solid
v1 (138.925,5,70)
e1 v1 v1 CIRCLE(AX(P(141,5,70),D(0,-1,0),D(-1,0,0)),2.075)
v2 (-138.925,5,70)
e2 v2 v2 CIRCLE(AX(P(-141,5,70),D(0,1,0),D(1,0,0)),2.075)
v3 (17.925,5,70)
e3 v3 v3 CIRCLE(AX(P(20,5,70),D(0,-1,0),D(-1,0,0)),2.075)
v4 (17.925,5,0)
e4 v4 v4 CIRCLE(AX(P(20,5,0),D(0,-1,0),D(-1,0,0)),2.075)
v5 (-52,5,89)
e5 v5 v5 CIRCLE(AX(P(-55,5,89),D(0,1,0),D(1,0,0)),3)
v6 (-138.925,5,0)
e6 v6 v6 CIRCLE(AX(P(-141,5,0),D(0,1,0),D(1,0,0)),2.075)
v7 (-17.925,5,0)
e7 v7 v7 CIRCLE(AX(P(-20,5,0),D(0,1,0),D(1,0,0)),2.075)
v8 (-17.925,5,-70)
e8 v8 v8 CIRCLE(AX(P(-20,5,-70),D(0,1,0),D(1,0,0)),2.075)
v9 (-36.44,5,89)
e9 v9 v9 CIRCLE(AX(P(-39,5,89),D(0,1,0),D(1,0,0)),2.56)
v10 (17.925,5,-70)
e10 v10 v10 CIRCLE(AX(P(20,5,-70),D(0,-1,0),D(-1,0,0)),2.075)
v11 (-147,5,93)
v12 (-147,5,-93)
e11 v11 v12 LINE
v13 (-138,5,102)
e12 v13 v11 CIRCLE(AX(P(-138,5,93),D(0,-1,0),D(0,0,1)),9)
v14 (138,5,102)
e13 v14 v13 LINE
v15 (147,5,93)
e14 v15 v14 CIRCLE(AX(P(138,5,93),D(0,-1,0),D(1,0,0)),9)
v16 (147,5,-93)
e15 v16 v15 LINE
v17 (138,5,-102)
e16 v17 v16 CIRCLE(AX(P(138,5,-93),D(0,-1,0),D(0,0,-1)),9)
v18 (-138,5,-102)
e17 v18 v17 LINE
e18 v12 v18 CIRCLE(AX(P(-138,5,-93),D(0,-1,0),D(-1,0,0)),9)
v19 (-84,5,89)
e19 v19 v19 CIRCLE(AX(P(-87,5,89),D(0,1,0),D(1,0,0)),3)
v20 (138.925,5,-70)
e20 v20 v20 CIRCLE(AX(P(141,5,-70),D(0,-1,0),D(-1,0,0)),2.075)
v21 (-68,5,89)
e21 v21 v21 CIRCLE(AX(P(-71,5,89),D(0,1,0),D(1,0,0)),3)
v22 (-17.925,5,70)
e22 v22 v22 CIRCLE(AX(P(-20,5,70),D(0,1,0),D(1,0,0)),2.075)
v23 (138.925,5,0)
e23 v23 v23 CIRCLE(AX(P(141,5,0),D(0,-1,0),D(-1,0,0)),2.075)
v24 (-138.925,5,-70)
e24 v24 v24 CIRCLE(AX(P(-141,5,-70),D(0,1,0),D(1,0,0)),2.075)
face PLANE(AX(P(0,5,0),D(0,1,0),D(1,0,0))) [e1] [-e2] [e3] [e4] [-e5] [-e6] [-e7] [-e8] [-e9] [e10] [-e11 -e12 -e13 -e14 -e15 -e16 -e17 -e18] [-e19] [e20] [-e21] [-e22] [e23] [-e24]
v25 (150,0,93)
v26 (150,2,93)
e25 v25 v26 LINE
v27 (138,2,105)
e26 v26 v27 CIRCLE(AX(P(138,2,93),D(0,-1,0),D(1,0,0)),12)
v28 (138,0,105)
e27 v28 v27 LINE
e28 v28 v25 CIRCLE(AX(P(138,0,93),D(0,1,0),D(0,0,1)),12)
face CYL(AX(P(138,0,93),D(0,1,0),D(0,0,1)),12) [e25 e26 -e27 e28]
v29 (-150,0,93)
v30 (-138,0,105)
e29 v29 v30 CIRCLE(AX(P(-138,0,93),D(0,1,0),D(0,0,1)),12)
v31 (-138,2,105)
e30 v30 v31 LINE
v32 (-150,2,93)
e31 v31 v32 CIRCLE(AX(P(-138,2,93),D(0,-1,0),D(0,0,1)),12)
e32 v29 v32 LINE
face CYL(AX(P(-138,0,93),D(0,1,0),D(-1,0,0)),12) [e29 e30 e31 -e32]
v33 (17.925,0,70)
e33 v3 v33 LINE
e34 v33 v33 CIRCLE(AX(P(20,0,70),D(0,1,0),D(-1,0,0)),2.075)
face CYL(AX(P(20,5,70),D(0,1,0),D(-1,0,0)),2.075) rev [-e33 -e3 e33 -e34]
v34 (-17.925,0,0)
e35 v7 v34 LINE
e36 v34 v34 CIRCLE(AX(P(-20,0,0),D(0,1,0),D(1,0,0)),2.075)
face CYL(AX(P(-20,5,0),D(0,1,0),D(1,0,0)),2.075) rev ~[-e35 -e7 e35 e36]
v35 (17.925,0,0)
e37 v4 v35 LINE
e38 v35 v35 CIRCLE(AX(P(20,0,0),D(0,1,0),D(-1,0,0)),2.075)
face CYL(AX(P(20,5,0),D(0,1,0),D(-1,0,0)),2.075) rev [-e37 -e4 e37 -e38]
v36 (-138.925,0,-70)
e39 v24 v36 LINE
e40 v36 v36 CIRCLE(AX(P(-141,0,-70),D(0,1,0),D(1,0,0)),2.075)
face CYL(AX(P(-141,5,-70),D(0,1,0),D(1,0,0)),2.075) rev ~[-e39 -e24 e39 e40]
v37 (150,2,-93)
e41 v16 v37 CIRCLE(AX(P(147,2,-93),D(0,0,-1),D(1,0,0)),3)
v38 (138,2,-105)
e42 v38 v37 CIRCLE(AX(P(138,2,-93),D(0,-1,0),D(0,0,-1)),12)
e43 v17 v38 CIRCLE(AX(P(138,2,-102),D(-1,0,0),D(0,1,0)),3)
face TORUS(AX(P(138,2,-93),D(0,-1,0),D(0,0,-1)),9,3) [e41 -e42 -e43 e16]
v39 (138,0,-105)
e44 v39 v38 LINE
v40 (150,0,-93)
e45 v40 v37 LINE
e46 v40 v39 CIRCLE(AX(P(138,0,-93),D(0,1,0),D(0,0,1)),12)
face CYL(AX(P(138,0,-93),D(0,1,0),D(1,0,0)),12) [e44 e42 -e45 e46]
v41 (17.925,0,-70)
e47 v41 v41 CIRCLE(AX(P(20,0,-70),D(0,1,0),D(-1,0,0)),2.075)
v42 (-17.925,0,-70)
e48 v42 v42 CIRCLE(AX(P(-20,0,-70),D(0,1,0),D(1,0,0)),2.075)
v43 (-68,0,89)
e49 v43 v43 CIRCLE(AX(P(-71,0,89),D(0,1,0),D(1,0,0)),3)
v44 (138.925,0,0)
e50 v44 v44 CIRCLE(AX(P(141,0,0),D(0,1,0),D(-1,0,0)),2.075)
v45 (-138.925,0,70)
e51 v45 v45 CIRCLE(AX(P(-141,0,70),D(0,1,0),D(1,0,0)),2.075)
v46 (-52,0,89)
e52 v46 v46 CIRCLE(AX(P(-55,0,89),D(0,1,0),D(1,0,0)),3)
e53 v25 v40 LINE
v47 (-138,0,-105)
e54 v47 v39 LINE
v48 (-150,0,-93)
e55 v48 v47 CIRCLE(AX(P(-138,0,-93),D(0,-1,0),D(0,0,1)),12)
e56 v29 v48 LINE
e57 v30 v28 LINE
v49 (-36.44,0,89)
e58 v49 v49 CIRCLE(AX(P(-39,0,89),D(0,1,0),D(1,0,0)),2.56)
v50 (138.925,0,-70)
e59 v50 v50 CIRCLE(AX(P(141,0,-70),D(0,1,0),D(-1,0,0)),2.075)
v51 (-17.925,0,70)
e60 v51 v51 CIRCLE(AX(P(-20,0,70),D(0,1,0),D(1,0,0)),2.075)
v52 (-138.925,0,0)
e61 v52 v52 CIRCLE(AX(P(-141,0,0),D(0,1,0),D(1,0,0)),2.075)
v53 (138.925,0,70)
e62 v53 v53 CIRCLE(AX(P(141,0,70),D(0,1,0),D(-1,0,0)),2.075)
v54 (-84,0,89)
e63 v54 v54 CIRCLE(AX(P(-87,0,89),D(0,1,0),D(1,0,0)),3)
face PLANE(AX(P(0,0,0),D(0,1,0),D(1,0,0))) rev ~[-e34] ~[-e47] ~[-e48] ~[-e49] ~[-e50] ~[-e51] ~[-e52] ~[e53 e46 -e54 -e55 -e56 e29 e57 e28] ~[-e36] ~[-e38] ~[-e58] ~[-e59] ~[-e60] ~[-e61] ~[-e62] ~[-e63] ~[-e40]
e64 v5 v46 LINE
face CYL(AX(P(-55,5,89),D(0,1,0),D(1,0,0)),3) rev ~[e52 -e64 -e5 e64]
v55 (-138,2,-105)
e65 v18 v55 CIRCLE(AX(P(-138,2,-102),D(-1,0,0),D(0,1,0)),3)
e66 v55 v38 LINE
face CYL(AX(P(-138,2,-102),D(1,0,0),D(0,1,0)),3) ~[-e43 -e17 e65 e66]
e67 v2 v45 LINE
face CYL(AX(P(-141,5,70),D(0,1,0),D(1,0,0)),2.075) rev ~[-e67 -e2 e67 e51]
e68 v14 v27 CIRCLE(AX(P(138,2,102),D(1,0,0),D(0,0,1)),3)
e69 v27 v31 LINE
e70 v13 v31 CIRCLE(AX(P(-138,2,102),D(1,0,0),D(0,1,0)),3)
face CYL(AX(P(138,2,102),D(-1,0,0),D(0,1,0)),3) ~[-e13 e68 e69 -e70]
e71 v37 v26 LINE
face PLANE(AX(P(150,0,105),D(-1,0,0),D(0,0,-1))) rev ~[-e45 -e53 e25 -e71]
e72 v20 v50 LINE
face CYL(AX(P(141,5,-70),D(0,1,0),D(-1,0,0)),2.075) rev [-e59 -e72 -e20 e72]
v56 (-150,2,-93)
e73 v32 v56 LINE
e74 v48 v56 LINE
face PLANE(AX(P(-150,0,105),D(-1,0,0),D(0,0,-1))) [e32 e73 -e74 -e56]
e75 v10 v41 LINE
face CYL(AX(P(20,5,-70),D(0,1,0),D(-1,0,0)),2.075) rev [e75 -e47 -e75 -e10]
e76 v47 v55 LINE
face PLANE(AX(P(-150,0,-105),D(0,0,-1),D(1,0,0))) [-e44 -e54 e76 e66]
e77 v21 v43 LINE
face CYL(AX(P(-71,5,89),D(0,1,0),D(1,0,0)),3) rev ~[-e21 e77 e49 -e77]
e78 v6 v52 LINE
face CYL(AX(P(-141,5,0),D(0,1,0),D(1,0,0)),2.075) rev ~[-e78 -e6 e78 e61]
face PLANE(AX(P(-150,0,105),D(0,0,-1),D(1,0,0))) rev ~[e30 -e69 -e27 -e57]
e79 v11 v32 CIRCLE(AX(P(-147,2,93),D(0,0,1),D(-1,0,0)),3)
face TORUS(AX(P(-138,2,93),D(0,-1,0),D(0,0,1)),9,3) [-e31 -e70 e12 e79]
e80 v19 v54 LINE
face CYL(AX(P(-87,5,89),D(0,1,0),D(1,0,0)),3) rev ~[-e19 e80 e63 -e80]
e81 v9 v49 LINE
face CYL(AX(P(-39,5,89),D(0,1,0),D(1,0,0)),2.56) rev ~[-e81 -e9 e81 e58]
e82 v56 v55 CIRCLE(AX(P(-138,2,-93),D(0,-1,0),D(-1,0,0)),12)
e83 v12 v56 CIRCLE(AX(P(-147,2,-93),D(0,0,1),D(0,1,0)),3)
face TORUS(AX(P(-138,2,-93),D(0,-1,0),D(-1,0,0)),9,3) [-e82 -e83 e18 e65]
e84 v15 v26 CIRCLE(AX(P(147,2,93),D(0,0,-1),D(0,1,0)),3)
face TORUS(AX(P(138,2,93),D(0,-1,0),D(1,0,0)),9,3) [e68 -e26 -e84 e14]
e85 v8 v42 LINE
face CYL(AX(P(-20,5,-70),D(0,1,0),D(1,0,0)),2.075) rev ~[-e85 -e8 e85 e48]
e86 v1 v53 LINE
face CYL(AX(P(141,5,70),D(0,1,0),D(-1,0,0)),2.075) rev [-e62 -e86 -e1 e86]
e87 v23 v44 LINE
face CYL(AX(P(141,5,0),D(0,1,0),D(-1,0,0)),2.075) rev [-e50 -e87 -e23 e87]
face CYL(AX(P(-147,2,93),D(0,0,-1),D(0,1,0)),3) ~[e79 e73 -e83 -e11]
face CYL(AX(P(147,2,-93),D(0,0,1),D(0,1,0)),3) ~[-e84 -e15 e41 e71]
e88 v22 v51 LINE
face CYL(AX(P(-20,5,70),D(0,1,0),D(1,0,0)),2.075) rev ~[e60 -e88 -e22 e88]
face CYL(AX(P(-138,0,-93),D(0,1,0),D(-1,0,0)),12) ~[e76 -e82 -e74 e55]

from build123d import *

# Parameters (mm, degrees)
SKETCH1_W           = 300
SKETCH1_H           = 210
BOSS_EXTRUDE1_DEPTH = 5
FILLET1_R           = 12
SKETCH2_R           = 2.075
CUT_EXTRUDE1_DEPTH  = 6
FILLET2_R           = 3
SKETCH3_R           = 3
SKETCH3_R_2         = 2.56
CUT_EXTRUDE2_DEPTH  = 6


with BuildPart() as part:
    # Sketch1 → Boss-Extrude1 (new body)
    with BuildSketch(Plane(origin=(0, 0, 0), x_dir=(1, 0, 0), z_dir=(0, 1, 0))):
        Rectangle(SKETCH1_W, SKETCH1_H)
    extrude(amount=BOSS_EXTRUDE1_DEPTH)

    # Fillet1
    fillet1_edges = [part.edges().sort_by_distance(p)[0] for p in [
        (150, 2.5, 105),
        (-150, 2.5, 105),
        (-150, 2.5, -105),
        (150, 2.5, -105),
    ]]
    fillet(fillet1_edges, radius=FILLET1_R)

    # Sketch2 → Cut-Extrude1 (cut, through all)
    with BuildSketch(Plane(origin=(0, 5, 0), x_dir=(1, 0, 0), z_dir=(0, 1, 0))):
        with Locations((-141, 70)):
            Circle(SKETCH2_R)
        with Locations((-141, 0)):
            Circle(SKETCH2_R)
        with Locations((-141, -70)):
            Circle(SKETCH2_R)
        with Locations((-20, 70)):
            Circle(SKETCH2_R)
        with Locations((-20, 0)):
            Circle(SKETCH2_R)
        with Locations((-20, -70)):
            Circle(SKETCH2_R)
    cut_extrude1 = extrude(amount=-CUT_EXTRUDE1_DEPTH, mode=Mode.SUBTRACT)

    # Mirror1: Cut-Extrude1 across plane
    add(cut_extrude1.mirror(Plane(origin=(0, 0, 0), x_dir=(0, 0, 1), z_dir=(1, 0, 0))), mode=Mode.SUBTRACT)

    # Fillet2
    fillet2_edges = [part.edges().sort_by_distance(p)[0] for p in [
        (0, 5, -105),
        (150, 5, 0),
        (-150, 5, 0),
        (0, 5, 105),
        (-146.485281374, 5, -101.485281374),
        (-146.485281374, 5, 101.485281374),
        (146.485281374, 5, 101.485281374),
        (146.485281374, 5, -101.485281374),
    ]]
    fillet(fillet2_edges, radius=FILLET2_R)

    # Sketch3 → Cut-Extrude2 (cut, through all)
    with BuildSketch(Plane(origin=(0, 5, 0), x_dir=(1, 0, 0), z_dir=(0, 1, 0))):
        with Locations((-87, -89)):
            Circle(SKETCH3_R)
        with Locations((-71, -89)):
            Circle(SKETCH3_R)
        with Locations((-55, -89)):
            Circle(SKETCH3_R)
        with Locations((-39, -89)):
            Circle(SKETCH3_R_2)
    extrude(amount=-CUT_EXTRUDE2_DEPTH, mode=Mode.SUBTRACT)


solid = part.part
